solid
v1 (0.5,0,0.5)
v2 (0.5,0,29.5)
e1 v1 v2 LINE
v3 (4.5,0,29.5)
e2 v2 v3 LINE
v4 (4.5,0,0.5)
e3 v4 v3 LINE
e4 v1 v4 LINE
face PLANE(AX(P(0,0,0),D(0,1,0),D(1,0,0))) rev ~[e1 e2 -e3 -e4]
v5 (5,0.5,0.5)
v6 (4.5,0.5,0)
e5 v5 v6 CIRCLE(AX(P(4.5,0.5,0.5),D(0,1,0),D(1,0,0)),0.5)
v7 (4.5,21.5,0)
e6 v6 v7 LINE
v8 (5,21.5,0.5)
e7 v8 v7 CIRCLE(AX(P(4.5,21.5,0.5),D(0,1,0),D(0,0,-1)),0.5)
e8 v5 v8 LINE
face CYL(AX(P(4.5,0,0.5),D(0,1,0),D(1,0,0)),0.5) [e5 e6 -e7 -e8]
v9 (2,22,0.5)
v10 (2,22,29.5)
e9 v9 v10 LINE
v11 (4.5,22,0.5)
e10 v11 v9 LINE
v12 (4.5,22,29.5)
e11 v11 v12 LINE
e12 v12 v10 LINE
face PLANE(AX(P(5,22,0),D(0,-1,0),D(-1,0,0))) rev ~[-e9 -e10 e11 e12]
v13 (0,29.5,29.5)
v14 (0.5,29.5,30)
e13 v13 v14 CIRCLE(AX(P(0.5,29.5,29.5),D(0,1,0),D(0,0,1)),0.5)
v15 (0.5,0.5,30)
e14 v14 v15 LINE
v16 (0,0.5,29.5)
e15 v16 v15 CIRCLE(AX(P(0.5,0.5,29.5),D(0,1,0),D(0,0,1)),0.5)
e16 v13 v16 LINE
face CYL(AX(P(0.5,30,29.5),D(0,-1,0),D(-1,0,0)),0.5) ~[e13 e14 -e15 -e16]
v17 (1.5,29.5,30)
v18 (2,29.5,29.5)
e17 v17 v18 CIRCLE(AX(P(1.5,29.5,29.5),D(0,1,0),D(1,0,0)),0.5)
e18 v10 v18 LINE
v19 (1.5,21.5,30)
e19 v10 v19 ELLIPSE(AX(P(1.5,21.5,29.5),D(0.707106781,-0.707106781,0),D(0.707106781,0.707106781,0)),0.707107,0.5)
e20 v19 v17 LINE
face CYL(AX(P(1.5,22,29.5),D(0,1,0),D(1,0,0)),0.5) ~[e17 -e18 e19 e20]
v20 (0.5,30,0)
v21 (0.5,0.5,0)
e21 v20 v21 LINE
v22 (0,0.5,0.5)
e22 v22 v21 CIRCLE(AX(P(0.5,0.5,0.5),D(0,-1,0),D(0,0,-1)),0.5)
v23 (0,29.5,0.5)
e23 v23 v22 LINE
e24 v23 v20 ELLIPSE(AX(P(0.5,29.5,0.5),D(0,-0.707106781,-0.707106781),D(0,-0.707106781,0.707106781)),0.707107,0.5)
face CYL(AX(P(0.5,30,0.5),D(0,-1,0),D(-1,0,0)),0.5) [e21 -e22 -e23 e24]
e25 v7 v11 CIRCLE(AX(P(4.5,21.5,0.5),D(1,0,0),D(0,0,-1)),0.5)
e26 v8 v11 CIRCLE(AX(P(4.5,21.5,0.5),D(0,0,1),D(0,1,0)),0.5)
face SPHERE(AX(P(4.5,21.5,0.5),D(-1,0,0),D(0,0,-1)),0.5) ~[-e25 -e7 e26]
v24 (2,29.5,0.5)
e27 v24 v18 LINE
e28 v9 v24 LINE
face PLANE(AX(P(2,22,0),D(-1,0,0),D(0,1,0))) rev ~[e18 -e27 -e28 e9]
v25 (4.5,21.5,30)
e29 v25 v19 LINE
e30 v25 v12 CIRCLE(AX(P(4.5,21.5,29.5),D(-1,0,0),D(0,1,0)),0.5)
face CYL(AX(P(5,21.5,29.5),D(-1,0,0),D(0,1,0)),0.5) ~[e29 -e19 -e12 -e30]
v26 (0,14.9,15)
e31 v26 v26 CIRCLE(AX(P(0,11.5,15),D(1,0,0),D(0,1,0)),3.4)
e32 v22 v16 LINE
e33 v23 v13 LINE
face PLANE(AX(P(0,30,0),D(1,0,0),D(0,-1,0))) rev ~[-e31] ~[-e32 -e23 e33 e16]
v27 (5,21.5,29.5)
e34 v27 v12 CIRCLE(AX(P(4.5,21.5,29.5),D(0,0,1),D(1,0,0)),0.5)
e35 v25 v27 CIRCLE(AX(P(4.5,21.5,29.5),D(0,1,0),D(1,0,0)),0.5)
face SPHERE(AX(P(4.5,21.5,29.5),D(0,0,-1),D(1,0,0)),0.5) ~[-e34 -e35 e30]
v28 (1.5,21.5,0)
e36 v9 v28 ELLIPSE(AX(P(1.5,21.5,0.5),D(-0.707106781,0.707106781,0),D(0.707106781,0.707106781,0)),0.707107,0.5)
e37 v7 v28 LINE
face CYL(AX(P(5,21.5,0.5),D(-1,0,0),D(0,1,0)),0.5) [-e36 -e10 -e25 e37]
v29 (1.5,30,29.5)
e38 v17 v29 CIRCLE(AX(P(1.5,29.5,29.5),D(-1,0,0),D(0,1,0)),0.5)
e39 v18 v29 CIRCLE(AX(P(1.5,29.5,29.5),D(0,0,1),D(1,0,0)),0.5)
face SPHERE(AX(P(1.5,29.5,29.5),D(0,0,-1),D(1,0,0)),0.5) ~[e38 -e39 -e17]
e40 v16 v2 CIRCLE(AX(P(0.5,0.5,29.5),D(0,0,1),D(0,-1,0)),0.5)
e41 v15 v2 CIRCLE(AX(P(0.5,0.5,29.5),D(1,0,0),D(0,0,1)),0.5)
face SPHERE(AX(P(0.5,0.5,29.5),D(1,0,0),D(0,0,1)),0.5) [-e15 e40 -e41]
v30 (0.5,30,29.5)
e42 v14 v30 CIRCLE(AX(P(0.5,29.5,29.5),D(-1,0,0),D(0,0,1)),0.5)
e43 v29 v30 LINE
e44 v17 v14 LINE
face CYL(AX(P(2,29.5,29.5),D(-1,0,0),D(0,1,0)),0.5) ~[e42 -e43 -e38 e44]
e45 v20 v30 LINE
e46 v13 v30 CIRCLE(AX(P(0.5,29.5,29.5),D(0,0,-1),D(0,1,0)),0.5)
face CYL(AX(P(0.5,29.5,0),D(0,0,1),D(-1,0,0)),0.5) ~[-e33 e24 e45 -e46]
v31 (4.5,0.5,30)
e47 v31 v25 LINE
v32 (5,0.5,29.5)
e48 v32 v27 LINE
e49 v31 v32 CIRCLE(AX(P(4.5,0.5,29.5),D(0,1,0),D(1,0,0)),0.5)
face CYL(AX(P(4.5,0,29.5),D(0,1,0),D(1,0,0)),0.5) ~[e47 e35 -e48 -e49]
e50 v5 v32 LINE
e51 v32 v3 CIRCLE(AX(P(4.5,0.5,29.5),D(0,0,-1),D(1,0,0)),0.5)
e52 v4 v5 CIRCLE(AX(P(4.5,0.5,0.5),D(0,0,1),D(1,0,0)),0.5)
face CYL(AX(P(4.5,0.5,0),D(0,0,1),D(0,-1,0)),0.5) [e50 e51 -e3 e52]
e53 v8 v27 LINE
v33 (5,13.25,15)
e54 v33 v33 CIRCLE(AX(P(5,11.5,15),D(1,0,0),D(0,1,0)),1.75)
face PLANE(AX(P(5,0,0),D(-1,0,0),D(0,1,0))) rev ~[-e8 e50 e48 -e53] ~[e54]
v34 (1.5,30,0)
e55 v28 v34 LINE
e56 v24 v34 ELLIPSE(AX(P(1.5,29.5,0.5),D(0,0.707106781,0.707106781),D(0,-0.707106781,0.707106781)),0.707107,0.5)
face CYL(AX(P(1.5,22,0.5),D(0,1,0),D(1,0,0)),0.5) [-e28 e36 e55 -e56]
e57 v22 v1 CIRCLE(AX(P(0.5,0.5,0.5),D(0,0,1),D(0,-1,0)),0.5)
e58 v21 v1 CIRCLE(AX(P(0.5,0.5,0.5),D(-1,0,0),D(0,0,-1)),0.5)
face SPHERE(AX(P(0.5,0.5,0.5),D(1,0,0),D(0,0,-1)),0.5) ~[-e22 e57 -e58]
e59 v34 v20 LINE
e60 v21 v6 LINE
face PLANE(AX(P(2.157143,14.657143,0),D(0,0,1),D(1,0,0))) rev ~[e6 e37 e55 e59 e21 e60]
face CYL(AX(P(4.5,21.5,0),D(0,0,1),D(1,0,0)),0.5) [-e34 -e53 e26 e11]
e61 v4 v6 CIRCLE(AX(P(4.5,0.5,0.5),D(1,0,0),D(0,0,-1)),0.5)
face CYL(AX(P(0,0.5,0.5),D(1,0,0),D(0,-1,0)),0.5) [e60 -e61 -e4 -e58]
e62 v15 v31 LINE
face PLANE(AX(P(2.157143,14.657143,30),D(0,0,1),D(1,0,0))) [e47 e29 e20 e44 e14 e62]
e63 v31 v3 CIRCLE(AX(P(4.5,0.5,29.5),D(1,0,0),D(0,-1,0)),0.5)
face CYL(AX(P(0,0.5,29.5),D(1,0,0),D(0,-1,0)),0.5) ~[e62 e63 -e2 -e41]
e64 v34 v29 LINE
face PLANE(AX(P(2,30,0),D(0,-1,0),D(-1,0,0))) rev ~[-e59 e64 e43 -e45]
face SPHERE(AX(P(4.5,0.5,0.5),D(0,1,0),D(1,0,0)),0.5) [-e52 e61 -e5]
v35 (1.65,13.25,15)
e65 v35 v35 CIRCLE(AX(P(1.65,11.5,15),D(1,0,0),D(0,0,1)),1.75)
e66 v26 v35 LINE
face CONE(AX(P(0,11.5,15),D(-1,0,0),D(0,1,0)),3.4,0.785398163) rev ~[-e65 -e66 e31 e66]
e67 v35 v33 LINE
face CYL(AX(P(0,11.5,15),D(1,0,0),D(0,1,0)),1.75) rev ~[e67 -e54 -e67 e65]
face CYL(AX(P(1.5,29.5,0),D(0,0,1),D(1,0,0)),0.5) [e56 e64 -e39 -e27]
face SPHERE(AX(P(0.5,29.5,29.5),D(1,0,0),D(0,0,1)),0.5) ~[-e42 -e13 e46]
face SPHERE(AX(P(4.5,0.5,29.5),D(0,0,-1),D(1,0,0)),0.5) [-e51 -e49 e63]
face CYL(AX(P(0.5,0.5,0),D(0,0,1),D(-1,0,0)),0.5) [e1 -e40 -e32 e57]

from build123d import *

# Parameters (mm, degrees)
F1_DEPTH       = 30
F2_R           = 0.5
F4_D           = 3.5
F4_CSINK_D     = 6.8
F4_CSINK_ANGLE = 90


with BuildPart() as f1:
    # F0 (on Top) → F1 (new body)
    with BuildSketch(Plane.XY):
        Polygon((0, 30), (0, 0), (5, 0), (5, 22), (2, 22), (2, 30), align=None)
    extrude(amount=F1_DEPTH)

    # F2
    f2_edges = [f1.edges().sort_by_distance(p)[0] for p in [
        (2, 30, 15),
        (2, 26, 0),
        (3.5, 22, 0),
        (5, 11, 0),
        (5, 0, 15),
        (2, 26, 30),
        (5, 22, 15),
        (5, 11, 30),
        (3.5, 22, 30),
        (1, 30, 30),
        (2.5, 0, 30),
        (2.5, 0, 0),
        (0, 15, 0),
        (0, 15, 30),
        (0, 30, 15),
        (0, 0, 15),
    ]]
    fillet(f2_edges, radius=F2_R)

    # F4 (through all)
    with Locations(Plane(origin=(0, 0, 0), x_dir=(0, -1, 0), z_dir=(-1, 0, 0))):
        with Locations((-11.5, 15)):
            CounterSinkHole(F4_D / 2, F4_CSINK_D / 2, counter_sink_angle=F4_CSINK_ANGLE)


solid = f1.part
